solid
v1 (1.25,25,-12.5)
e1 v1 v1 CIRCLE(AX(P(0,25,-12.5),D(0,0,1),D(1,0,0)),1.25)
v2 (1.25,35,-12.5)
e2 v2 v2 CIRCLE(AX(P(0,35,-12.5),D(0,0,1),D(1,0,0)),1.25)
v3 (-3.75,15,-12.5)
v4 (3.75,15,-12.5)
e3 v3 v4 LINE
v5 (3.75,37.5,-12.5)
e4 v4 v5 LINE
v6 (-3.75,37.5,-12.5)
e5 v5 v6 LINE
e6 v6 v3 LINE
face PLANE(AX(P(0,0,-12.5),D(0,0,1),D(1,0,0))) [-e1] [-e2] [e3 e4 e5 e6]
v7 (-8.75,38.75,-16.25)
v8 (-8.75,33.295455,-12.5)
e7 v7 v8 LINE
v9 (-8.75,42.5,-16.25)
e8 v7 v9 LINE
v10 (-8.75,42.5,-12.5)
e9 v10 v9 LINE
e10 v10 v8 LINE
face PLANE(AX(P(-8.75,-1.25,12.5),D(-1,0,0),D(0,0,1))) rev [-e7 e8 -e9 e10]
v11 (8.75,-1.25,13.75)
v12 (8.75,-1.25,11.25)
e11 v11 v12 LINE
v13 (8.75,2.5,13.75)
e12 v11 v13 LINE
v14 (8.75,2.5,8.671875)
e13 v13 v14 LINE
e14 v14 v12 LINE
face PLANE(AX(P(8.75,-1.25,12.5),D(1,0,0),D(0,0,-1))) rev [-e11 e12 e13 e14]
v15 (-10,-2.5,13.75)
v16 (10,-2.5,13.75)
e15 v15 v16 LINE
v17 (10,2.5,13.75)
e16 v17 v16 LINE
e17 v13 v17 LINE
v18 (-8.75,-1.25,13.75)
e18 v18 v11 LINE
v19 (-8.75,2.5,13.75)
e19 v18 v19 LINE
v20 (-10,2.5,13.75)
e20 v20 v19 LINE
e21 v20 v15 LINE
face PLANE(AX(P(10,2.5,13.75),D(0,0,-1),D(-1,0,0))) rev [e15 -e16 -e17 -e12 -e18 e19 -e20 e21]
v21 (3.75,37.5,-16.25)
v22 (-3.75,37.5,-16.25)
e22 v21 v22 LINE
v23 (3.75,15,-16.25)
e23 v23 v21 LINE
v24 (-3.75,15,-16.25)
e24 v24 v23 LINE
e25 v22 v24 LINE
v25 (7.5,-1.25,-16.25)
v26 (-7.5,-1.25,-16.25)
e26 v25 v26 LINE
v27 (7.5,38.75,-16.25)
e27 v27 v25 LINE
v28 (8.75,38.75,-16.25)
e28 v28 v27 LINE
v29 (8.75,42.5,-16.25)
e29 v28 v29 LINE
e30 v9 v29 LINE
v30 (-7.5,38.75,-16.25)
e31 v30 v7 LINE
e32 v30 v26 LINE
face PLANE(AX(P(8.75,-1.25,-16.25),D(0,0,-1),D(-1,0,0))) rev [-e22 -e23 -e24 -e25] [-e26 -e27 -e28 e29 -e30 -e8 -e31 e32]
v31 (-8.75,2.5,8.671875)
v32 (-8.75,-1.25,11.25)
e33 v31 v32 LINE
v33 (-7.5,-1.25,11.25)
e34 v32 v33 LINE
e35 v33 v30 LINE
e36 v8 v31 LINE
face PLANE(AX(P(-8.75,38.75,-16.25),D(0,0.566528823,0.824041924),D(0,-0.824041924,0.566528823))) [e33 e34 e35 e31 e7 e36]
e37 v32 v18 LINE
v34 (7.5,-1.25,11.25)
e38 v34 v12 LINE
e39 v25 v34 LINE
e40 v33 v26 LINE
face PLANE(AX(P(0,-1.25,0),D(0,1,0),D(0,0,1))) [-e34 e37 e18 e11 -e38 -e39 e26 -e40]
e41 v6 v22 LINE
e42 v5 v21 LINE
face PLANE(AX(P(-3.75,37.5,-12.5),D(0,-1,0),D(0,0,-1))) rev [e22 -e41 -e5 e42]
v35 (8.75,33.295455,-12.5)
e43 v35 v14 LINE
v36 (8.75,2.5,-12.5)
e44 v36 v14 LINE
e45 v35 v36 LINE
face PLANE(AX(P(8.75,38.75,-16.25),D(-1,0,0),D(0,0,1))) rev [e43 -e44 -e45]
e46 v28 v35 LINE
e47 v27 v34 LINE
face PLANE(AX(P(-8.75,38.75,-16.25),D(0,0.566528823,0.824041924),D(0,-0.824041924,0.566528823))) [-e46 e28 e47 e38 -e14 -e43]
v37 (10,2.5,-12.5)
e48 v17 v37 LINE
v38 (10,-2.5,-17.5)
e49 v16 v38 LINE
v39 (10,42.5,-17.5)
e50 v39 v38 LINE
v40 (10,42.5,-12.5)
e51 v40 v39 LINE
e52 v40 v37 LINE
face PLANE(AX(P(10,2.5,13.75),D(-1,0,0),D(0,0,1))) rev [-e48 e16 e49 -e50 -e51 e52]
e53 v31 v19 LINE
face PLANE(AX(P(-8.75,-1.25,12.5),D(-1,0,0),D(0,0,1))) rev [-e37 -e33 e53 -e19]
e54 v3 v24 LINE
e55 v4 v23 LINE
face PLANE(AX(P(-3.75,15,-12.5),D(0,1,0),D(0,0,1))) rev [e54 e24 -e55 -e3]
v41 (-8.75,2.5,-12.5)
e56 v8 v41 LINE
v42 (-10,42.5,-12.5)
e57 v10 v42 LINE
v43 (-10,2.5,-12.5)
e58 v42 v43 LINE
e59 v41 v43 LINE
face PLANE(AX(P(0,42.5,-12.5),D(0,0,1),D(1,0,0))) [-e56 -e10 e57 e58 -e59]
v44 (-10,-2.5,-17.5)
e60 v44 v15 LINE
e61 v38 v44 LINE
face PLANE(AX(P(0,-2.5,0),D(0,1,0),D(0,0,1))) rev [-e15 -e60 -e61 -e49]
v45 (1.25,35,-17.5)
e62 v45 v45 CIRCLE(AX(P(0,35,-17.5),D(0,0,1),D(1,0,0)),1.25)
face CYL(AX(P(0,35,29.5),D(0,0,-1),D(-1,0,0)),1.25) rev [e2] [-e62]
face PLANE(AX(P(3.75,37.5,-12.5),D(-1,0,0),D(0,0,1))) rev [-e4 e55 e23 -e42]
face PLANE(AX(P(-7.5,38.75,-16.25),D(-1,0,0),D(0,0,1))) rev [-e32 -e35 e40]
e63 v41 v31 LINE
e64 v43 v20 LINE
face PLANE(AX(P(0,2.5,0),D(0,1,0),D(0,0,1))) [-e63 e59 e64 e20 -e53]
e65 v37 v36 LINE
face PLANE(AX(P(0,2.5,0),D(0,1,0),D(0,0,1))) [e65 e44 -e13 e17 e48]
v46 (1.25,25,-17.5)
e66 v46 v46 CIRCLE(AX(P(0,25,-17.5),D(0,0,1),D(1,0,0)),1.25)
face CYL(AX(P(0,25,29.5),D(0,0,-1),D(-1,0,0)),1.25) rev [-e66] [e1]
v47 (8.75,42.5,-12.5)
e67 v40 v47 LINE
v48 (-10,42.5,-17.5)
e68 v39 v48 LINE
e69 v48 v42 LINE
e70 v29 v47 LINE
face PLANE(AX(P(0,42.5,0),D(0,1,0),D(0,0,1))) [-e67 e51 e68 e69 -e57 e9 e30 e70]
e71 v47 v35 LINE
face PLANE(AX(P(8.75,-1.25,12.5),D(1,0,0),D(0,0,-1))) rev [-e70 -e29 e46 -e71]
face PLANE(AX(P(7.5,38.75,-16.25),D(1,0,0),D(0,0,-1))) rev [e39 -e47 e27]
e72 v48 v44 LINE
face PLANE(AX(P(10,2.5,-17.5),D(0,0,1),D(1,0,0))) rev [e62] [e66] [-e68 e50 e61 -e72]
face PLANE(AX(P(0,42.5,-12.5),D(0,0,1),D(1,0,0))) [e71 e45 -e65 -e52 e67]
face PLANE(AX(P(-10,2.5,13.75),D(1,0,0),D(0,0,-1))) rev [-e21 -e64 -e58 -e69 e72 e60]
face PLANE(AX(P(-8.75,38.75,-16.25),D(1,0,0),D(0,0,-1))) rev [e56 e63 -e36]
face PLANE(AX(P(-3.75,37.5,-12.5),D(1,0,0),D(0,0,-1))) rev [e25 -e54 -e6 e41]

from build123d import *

# Parameters (mm, degrees)
SKETCH1_W               = 20
SKETCH1_H               = 31.25
BOSS_EXTRUDE1_DEPTH     = 2.5
CUT_EXTRUDE1_DEPTH      = 3.75
BOSS_EXTRUDE2_DEPTH     = 40
SKETCH4_W               = 1.25
SKETCH4_H               = 27.5
BOSS_EXTRUDE3_DEPTH     = 40
CUT_EXTRUDE5_DEPTH      = 16.25
CUT_EXTRUDE5_DEPTH_BACK = 1.25
SKETCH10_R              = 1.25
CUT_EXTRUDE6_DEPTH      = 45.75
CUT_EXTRUDE6_DEPTH_BACK = 2.25
SKETCH11_W              = 7.5
SKETCH11_H              = 22.5
BOSS_EXTRUDE4_DEPTH     = 3.75
SKETCH12_R              = 1.25
CUT_EXTRUDE7_DEPTH      = 13.75


with BuildPart() as part:
    # Sketch1 → Boss-Extrude1 (new body, symmetric)
    with BuildSketch(Plane(origin=(0, 0, 0), x_dir=(1, 0, 0), z_dir=(0, 1, 0))):
        with Locations((0, 1.875)):
            Rectangle(SKETCH1_W, SKETCH1_H)
    extrude(amount=BOSS_EXTRUDE1_DEPTH, both=True)

    # Sketch2 → Cut-Extrude1 (cut)
    with BuildSketch(Plane(origin=(0, 2.5, 0), x_dir=(1, 0, 0), z_dir=(0, 1, 0))):
        Polygon((-8.75, -12.5), (-8.75, -13.75), (8.75, -13.75), (8.75, -12.5), (8.75, 16.25), (-8.75, 16.25), align=None)
    extrude(amount=-CUT_EXTRUDE1_DEPTH, mode=Mode.SUBTRACT)

    # Sketch3 → Boss-Extrude2 (add)
    with BuildSketch(Plane(origin=(0, 2.5, 0), x_dir=(1, 0, 0), z_dir=(0, 1, 0))):
        Polygon((-8.75, 16.25), (-8.736970705, 16.25), (8.75, 16.25), (8.75, 12.5), (10, 12.5), (10, 17.5), (-8.732627572, 17.5), (-10, 17.5), (-10, 12.5), (-8.75, 12.5), align=None)
    extrude(amount=BOSS_EXTRUDE2_DEPTH)

    # Sketch4 → Boss-Extrude3 (add)
    with BuildSketch(Plane(origin=(0, -1.25, 0), x_dir=(1, 0, 0), z_dir=(0, 1, 0))):
        with Locations((8.125, 2.5)):
            Rectangle(SKETCH4_W, SKETCH4_H)
        with Locations((-8.125, 2.5)):
            Rectangle(SKETCH4_W, SKETCH4_H)
    extrude(amount=BOSS_EXTRUDE3_DEPTH)

    # Sketch7 → Cut-Extrude5 (cut, two sides)
    with BuildSketch(Plane.ZY.offset(-7.5)) as cut_extrude5_sk:
        Polygon((-16.25, 38.75), (11.25, 38.75), (11.25, -1.25), align=None)
    extrude(amount=CUT_EXTRUDE5_DEPTH, mode=Mode.SUBTRACT)
    extrude(cut_extrude5_sk.sketch, amount=-CUT_EXTRUDE5_DEPTH_BACK, mode=Mode.SUBTRACT)

    # Sketch10 → Cut-Extrude6 (cut, two sides)
    with BuildSketch(Plane.XY.offset(-16.25)) as cut_extrude6_sk:
        with Locations((0, 35)):
            Circle(SKETCH10_R)
        with Locations((0, 25)):
            Circle(SKETCH10_R)
    extrude(amount=CUT_EXTRUDE6_DEPTH, mode=Mode.SUBTRACT)
    extrude(cut_extrude6_sk.sketch, amount=-CUT_EXTRUDE6_DEPTH_BACK, mode=Mode.SUBTRACT)

    # Sketch11 → Boss-Extrude4 (add)
    with BuildSketch(Plane.XY.offset(-16.25)):
        with Locations((0, 26.25)):
            Rectangle(SKETCH11_W, SKETCH11_H)
    extrude(amount=BOSS_EXTRUDE4_DEPTH)

    # Sketch12 → Cut-Extrude7 (cut)
    with BuildSketch(Plane(origin=(0, 0, -17.5), x_dir=(-1, 0, 0), z_dir=(0, 0, -1))):
        with Locations((0, 35)):
            Circle(SKETCH12_R)
        with Locations((0, 25)):
            Circle(SKETCH12_R)
    extrude(amount=-CUT_EXTRUDE7_DEPTH, mode=Mode.SUBTRACT)


solid = part.part
